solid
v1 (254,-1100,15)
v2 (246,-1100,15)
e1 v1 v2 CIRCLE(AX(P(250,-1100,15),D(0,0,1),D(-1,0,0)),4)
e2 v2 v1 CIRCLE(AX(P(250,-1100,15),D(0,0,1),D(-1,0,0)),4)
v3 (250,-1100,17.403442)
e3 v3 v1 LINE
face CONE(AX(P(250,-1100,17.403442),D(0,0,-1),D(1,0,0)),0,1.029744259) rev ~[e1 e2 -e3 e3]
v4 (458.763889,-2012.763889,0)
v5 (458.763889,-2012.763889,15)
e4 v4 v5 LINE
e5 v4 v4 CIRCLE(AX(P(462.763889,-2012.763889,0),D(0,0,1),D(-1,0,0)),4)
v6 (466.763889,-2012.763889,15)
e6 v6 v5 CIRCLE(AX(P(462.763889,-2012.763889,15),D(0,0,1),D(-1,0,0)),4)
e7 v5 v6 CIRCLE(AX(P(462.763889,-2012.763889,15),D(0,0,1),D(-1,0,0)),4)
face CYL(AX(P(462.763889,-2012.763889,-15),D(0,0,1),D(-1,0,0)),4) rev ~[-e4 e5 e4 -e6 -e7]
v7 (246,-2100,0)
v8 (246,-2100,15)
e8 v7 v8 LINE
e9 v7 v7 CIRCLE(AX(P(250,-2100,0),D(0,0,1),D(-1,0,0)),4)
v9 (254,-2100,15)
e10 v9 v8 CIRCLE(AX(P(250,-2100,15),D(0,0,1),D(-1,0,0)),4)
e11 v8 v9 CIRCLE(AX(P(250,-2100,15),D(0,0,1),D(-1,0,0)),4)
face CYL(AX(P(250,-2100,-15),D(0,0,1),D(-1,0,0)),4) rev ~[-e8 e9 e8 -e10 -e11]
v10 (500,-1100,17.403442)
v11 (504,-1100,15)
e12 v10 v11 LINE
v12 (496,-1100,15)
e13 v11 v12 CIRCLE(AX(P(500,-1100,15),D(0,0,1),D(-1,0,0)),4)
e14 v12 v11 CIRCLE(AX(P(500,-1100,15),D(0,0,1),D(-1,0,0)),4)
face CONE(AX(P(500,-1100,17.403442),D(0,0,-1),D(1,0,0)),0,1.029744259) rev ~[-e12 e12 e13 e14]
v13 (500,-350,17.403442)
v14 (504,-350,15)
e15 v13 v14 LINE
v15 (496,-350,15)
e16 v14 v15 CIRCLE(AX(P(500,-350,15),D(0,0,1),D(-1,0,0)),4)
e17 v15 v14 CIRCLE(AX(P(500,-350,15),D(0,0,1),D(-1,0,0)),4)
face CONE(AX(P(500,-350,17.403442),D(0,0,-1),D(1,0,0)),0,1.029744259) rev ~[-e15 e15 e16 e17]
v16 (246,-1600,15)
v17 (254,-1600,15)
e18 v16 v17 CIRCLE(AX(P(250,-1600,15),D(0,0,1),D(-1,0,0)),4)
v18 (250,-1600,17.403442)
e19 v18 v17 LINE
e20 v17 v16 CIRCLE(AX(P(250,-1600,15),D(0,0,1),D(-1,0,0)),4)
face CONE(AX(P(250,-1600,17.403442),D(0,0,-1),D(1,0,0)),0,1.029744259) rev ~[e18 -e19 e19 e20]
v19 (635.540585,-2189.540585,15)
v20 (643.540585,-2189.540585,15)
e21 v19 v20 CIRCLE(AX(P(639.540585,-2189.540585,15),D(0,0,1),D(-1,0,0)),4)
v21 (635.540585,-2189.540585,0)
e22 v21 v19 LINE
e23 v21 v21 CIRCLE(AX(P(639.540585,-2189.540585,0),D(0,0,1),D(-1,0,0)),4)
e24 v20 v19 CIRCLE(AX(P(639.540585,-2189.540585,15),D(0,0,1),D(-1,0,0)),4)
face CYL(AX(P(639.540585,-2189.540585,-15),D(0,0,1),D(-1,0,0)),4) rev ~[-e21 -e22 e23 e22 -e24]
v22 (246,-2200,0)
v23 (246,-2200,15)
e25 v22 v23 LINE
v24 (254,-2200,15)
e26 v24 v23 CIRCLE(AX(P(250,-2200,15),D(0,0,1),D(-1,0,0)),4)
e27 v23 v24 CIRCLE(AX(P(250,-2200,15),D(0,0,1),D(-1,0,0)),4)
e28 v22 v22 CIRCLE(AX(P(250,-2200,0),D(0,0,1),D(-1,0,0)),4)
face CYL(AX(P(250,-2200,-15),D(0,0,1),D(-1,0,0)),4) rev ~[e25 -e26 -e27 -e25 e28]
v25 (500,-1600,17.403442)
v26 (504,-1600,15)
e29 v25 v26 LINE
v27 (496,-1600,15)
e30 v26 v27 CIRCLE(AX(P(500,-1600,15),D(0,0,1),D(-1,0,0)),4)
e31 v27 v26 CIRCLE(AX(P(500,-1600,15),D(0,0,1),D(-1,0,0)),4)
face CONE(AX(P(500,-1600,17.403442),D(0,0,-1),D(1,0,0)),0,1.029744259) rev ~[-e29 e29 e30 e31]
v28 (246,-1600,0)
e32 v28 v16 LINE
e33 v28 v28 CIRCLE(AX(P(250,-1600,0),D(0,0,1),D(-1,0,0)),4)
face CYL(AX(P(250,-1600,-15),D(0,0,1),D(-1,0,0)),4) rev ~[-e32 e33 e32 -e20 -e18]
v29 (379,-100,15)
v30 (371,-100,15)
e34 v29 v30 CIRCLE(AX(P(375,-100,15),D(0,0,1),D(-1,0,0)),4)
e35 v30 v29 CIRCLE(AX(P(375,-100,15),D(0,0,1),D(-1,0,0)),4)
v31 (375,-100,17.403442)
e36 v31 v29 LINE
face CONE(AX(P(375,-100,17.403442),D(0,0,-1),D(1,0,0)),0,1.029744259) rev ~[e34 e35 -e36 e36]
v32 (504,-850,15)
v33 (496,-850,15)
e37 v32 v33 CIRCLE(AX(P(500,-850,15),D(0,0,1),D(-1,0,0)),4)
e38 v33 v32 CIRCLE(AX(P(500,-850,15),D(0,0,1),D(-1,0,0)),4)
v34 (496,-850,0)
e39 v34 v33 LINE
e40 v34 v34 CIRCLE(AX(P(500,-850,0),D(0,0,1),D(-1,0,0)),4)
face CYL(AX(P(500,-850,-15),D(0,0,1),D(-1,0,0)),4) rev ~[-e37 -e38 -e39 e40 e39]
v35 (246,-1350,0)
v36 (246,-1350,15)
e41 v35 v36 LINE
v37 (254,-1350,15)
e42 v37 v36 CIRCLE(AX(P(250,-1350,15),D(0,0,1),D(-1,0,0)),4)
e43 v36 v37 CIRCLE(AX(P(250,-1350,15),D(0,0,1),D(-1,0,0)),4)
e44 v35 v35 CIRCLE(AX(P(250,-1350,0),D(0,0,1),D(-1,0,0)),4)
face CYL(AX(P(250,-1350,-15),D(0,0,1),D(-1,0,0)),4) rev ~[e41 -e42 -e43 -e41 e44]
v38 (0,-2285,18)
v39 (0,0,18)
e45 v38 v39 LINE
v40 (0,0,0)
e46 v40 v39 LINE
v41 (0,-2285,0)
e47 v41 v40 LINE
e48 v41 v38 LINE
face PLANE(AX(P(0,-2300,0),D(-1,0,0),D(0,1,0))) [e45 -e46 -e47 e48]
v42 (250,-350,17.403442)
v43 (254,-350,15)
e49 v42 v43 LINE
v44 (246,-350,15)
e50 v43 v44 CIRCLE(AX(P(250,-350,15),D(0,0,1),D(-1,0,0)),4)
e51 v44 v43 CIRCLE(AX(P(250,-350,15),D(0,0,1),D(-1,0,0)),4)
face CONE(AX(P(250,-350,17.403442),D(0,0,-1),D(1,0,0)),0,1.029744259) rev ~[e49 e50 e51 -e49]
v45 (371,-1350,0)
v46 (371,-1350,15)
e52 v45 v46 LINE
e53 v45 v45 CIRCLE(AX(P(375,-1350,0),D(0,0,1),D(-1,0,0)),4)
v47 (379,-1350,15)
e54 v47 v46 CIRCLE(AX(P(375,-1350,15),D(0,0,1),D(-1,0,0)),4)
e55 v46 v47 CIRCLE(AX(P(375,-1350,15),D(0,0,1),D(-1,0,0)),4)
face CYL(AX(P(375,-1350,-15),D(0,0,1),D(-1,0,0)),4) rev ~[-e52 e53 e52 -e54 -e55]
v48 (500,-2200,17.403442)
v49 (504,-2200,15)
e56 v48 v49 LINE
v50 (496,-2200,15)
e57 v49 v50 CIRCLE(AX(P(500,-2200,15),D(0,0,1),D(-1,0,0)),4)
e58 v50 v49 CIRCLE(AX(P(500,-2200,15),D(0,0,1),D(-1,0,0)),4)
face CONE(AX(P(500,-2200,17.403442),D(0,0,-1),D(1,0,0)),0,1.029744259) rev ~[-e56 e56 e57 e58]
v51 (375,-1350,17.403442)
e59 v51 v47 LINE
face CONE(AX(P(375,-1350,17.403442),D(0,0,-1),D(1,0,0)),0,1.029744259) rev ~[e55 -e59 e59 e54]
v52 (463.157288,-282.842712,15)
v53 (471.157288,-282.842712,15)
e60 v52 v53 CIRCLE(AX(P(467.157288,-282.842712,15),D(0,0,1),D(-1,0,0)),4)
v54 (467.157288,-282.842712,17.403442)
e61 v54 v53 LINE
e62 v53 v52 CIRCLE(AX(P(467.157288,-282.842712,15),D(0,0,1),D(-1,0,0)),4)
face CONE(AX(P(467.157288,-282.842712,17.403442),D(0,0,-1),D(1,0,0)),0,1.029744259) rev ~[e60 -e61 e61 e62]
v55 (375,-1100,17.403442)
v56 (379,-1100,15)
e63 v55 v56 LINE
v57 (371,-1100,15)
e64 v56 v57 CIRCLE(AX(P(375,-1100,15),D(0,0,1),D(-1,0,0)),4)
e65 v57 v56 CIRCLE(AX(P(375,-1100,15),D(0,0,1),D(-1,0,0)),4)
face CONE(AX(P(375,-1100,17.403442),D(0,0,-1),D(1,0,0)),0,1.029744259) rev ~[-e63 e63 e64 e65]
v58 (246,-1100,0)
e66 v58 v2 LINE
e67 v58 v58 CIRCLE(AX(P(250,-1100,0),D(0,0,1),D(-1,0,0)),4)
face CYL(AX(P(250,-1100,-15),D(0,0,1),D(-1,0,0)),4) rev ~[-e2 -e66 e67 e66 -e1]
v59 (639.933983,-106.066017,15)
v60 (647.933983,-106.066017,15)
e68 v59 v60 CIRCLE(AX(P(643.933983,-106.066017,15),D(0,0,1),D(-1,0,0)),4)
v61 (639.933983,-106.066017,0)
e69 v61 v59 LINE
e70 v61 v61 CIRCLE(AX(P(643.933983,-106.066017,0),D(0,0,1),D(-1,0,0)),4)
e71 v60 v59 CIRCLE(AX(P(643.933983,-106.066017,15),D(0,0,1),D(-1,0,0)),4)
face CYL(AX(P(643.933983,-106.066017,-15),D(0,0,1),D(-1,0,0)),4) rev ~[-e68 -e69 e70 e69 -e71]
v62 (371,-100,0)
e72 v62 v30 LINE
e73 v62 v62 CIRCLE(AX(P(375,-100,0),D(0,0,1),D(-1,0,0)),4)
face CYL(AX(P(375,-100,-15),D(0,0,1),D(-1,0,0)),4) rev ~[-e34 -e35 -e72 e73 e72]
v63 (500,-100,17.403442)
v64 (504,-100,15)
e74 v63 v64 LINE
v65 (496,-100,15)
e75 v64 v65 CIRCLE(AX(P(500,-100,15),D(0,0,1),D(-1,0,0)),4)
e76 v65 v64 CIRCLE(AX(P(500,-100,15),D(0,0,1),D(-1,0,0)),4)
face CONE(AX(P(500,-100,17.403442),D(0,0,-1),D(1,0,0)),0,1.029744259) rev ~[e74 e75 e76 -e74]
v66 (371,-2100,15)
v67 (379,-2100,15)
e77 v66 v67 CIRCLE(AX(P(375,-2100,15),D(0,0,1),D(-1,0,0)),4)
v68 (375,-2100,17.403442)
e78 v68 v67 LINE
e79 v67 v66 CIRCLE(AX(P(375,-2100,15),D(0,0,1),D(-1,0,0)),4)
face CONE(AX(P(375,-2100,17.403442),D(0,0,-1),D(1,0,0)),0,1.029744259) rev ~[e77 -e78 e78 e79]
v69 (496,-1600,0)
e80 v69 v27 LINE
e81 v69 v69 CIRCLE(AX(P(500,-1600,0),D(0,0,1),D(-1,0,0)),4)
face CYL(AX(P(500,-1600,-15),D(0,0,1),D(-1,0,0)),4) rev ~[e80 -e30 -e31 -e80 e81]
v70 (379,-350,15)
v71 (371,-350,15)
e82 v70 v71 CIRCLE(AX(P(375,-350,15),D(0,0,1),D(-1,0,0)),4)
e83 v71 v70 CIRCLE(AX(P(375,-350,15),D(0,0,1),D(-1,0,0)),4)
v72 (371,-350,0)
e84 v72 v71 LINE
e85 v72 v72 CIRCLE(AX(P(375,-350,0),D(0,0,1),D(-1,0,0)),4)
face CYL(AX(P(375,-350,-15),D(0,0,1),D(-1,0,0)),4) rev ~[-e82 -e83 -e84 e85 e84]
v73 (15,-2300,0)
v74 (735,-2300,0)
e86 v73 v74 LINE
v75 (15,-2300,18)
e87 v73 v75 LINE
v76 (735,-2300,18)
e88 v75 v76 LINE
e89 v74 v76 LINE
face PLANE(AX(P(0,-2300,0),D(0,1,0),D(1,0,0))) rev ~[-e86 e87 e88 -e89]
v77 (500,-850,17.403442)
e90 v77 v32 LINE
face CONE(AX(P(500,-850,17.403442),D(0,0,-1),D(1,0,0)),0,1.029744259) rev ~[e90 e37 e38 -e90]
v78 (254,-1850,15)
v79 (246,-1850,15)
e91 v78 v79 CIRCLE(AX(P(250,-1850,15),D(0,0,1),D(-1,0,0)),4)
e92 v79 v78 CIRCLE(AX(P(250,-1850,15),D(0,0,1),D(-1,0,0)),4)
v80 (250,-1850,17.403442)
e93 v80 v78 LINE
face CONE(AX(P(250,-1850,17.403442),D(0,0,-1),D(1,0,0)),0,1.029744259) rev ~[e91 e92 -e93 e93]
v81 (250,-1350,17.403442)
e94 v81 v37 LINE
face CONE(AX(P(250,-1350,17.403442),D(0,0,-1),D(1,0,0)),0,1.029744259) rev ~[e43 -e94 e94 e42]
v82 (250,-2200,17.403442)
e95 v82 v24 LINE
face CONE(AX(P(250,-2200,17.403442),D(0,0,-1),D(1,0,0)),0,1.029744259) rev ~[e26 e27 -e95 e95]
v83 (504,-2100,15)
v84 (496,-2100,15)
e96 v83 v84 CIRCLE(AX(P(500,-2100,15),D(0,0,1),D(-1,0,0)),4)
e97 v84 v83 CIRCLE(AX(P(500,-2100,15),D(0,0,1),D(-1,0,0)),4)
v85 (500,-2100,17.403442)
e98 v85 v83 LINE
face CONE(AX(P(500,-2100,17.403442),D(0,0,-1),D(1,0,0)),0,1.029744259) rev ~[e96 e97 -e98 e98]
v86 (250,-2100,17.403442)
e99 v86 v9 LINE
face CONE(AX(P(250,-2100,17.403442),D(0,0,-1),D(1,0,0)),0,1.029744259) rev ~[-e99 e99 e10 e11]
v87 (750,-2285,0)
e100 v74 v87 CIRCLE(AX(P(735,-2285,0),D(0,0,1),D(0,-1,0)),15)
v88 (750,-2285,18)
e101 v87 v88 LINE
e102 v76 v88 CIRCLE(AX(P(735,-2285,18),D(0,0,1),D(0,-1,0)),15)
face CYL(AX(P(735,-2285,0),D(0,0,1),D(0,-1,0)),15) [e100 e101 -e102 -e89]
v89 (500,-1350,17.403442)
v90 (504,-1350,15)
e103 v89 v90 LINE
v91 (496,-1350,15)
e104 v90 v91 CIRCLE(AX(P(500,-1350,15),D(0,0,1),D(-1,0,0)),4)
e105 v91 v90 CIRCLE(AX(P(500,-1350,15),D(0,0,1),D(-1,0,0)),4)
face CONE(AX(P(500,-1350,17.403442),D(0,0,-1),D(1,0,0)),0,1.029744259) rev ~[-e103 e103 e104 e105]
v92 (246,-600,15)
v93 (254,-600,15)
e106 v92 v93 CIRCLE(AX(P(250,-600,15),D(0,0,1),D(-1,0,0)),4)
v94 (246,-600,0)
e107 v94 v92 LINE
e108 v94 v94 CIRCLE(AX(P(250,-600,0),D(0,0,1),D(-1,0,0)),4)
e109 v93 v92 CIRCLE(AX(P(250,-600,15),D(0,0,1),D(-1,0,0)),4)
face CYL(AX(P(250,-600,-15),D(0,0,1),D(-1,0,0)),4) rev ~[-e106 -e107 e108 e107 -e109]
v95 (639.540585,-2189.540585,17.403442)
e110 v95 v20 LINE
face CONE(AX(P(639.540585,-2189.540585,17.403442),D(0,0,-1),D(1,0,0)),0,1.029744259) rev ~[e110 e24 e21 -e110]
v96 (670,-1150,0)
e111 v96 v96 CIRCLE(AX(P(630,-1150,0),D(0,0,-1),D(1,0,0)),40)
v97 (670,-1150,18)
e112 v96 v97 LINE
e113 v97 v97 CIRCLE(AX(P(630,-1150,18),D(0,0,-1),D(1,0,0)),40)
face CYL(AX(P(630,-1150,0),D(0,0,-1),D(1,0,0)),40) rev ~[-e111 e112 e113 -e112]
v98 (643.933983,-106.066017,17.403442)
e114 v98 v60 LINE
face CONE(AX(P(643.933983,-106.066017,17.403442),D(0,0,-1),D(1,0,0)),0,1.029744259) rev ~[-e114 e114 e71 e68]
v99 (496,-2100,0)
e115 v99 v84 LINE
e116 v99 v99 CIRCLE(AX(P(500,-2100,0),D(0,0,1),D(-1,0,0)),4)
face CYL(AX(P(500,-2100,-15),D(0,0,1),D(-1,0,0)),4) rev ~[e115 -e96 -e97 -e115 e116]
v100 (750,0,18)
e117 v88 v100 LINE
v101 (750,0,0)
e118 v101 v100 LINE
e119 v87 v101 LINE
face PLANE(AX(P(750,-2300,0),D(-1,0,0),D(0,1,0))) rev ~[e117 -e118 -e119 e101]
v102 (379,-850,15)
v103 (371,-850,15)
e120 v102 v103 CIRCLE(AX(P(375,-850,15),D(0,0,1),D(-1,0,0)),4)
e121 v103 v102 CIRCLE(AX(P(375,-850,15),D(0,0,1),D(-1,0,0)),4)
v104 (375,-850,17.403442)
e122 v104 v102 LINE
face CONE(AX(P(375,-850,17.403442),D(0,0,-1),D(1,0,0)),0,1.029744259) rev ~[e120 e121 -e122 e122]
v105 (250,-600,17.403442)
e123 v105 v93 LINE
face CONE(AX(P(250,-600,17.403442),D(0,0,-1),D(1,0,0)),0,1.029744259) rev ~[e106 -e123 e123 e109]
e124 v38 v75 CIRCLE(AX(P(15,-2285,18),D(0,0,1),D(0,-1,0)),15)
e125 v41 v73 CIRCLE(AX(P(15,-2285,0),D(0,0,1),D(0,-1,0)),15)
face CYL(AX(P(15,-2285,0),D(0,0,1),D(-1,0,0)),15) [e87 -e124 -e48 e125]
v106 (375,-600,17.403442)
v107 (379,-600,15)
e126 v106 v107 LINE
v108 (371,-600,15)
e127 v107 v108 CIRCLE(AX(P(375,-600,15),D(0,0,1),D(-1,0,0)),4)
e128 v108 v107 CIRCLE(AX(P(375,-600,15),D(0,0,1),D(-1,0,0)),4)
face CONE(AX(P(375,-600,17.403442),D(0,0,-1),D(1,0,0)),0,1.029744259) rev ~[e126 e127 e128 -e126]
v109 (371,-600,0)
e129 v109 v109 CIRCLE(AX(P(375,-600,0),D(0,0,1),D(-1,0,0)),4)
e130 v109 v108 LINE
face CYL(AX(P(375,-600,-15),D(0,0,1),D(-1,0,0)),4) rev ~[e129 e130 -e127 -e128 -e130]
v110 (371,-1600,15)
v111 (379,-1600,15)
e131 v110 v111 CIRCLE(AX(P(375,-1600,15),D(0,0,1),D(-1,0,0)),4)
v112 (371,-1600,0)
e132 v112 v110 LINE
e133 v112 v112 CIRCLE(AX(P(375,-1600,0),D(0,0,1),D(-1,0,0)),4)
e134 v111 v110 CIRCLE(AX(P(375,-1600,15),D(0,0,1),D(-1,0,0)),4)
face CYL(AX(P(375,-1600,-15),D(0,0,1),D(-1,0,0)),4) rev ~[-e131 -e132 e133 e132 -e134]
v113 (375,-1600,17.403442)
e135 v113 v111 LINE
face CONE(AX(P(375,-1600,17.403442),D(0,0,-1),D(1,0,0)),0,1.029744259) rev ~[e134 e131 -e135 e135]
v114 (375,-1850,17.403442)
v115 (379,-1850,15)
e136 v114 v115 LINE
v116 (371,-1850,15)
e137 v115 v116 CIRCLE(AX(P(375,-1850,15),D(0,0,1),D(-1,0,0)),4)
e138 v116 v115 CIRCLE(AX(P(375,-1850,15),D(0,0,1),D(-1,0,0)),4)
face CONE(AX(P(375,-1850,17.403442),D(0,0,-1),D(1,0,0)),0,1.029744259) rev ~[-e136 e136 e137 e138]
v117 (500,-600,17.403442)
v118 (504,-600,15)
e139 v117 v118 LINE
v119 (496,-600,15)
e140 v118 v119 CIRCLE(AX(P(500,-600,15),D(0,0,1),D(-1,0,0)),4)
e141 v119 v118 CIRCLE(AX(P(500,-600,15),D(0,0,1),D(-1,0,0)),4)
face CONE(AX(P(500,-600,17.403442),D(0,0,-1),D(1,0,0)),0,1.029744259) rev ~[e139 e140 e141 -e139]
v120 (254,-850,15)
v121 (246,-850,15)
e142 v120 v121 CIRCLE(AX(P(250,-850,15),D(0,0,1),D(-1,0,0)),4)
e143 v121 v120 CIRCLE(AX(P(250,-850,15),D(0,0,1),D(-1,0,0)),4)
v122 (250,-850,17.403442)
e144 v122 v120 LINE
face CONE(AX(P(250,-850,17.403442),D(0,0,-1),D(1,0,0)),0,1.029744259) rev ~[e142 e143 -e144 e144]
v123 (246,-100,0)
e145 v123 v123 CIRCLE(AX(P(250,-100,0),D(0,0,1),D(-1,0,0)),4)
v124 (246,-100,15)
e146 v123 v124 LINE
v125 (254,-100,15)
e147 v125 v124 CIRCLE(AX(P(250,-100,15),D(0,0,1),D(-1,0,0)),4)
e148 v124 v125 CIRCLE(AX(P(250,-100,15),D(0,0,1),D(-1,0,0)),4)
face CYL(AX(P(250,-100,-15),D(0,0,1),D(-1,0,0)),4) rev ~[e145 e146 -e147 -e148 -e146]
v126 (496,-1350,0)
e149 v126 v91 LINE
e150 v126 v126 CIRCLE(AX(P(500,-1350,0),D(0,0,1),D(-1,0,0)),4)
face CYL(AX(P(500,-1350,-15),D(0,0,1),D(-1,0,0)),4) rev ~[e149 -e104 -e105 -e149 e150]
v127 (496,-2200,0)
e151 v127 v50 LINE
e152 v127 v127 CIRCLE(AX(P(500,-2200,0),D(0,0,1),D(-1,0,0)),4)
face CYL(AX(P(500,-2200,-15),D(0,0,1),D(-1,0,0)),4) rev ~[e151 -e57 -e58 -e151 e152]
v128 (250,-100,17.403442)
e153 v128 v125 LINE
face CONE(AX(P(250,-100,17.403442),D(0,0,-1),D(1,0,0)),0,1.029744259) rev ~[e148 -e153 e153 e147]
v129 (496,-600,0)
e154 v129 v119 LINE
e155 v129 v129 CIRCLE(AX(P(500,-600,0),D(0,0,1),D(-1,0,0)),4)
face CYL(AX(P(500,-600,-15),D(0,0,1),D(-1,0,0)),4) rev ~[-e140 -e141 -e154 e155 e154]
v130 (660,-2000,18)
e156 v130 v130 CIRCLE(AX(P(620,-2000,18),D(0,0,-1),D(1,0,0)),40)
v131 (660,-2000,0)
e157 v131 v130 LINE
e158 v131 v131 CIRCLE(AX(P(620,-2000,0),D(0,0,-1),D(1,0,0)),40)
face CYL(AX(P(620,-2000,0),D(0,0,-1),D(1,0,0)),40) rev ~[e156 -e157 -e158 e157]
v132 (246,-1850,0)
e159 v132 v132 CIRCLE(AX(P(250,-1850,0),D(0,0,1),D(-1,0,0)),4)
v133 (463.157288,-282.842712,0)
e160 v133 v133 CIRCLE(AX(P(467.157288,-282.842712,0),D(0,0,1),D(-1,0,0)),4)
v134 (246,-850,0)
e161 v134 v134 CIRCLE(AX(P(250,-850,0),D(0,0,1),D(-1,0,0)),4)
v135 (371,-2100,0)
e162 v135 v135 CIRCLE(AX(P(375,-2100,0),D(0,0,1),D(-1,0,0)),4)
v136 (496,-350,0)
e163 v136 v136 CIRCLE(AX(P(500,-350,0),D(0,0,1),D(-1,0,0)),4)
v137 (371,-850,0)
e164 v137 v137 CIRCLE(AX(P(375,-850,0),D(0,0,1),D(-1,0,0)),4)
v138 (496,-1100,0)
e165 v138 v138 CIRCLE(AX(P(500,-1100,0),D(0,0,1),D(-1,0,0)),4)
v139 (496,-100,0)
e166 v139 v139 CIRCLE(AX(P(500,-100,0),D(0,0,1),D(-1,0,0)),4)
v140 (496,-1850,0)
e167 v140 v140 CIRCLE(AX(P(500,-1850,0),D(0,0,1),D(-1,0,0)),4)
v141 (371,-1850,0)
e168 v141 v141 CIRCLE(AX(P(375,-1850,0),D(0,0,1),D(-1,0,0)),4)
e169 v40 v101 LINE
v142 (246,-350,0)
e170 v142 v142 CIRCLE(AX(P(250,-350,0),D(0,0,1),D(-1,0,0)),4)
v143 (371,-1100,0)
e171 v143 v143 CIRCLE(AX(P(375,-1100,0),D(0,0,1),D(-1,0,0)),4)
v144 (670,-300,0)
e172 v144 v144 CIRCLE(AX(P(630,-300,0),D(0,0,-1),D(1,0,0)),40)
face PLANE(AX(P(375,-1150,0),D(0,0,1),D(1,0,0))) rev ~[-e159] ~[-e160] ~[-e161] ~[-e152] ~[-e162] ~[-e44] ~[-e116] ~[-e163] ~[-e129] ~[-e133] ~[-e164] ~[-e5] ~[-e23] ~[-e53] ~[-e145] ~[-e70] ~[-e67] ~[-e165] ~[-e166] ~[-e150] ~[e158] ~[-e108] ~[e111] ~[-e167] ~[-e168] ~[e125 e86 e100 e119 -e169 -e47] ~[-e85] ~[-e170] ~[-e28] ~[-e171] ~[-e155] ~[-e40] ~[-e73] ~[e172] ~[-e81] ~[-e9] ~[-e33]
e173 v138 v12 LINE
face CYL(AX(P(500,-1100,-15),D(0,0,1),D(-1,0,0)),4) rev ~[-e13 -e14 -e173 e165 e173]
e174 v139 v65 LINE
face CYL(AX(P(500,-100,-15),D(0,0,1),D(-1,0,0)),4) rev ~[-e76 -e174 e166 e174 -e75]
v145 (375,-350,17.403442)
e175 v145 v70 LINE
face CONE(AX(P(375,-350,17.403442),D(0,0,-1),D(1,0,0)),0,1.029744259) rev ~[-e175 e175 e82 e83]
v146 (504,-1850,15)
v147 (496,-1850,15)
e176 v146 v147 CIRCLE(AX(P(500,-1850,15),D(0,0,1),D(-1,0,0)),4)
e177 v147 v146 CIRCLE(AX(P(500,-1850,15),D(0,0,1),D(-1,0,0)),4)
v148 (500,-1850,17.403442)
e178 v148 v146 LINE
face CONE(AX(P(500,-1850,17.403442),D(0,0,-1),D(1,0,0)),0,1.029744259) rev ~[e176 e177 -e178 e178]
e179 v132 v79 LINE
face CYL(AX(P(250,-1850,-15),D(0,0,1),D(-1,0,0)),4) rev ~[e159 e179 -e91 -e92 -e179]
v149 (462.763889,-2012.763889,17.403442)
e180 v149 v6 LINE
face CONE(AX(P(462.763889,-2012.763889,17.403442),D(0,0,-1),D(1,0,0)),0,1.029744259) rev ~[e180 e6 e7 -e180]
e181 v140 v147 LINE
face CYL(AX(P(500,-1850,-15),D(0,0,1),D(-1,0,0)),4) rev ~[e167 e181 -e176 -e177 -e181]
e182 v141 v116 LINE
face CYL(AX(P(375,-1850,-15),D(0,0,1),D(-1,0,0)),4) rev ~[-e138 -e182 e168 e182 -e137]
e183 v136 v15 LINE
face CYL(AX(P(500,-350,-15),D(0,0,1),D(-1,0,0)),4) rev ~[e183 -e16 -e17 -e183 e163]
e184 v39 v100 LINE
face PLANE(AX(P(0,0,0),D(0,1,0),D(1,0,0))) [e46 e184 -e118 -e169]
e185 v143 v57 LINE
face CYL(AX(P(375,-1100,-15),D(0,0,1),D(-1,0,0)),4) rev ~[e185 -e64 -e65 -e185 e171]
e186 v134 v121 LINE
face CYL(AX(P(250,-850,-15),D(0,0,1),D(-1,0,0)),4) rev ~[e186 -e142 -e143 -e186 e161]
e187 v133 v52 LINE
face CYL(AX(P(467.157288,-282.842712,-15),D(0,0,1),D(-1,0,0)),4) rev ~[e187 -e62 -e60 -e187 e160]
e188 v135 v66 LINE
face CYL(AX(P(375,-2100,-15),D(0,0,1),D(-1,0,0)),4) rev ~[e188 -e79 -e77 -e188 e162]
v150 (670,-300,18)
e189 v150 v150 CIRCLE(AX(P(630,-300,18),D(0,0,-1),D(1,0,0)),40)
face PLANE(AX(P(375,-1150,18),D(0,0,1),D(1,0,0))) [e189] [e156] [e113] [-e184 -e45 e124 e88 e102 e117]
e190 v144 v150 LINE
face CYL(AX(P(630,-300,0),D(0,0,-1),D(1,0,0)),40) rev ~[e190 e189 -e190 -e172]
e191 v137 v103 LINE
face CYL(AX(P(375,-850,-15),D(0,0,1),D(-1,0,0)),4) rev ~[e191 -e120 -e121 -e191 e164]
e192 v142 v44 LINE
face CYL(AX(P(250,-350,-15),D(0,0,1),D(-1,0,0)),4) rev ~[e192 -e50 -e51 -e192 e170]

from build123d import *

# Parameters (mm, degrees)
F0_W     = 750
F0_H     = 2300
F1_DEPTH = 18
F2_R     = 15
F4_D     = 8
F4_DEPTH = 15
F4_TIP   = 2.4034424761
F5_R     = 40
F6_DEPTH = 18


with BuildPart() as f1:
    # F0 (on Top) → F1 (new body)
    with BuildSketch(Plane.XY):
        with Locations((375, -1150)):
            Rectangle(F0_W, F0_H)
    extrude(amount=F1_DEPTH)

    # F2
    f2_edges = [f1.edges().sort_by_distance(p)[0] for p in [
        (0, -2300, 9),
        (750, -2300, 9),
    ]]
    fillet(f2_edges, radius=F2_R)

    # F4
    with Locations(Plane(origin=(0, 0, 0), x_dir=(1, 0, 0), z_dir=(0, 0, -1))):
        with Locations((500, 100), (250, 100), (500, 2200), (500, 2100), (250, 2200), (250, 2100), (250, 1850), (500, 1850), (250, 1600), (500, 1600), (500, 1350), (250, 1350), (500, 1100), (250, 1100), (500, 850), (250, 850), (250, 600), (500, 600), (500, 350), (250, 350), (375, 100), (375, 350), (375, 600), (375, 850), (375, 1100), (375, 1350), (375, 1600), (375, 1850), (375, 2100), (643.933982822, 106.066017178), (467.1572875254, 282.8427124746), (639.5405845398, 2189.5405845398), (462.7638892432, 2012.7638892432)):
            Hole(F4_D / 2, depth=F4_DEPTH)
            with Locations((0, 0, -(F4_DEPTH + F4_TIP / 2))):  # 118° drill point
                Cone(0, F4_D / 2, F4_TIP, mode=Mode.SUBTRACT)

    # F5 (on face) → F6 (cut)
    with BuildSketch(Plane(origin=(0, 0, 0), x_dir=(1, 0, 0), z_dir=(0, 0, -1))):
        with Locations((630, 300)):
            Circle(F5_R)
        with Locations((620, 2000)):
            Circle(F5_R)
        with Locations((630, 1150)):
            Circle(F5_R)
    extrude(amount=-F6_DEPTH, mode=Mode.SUBTRACT)


solid = f1.part
